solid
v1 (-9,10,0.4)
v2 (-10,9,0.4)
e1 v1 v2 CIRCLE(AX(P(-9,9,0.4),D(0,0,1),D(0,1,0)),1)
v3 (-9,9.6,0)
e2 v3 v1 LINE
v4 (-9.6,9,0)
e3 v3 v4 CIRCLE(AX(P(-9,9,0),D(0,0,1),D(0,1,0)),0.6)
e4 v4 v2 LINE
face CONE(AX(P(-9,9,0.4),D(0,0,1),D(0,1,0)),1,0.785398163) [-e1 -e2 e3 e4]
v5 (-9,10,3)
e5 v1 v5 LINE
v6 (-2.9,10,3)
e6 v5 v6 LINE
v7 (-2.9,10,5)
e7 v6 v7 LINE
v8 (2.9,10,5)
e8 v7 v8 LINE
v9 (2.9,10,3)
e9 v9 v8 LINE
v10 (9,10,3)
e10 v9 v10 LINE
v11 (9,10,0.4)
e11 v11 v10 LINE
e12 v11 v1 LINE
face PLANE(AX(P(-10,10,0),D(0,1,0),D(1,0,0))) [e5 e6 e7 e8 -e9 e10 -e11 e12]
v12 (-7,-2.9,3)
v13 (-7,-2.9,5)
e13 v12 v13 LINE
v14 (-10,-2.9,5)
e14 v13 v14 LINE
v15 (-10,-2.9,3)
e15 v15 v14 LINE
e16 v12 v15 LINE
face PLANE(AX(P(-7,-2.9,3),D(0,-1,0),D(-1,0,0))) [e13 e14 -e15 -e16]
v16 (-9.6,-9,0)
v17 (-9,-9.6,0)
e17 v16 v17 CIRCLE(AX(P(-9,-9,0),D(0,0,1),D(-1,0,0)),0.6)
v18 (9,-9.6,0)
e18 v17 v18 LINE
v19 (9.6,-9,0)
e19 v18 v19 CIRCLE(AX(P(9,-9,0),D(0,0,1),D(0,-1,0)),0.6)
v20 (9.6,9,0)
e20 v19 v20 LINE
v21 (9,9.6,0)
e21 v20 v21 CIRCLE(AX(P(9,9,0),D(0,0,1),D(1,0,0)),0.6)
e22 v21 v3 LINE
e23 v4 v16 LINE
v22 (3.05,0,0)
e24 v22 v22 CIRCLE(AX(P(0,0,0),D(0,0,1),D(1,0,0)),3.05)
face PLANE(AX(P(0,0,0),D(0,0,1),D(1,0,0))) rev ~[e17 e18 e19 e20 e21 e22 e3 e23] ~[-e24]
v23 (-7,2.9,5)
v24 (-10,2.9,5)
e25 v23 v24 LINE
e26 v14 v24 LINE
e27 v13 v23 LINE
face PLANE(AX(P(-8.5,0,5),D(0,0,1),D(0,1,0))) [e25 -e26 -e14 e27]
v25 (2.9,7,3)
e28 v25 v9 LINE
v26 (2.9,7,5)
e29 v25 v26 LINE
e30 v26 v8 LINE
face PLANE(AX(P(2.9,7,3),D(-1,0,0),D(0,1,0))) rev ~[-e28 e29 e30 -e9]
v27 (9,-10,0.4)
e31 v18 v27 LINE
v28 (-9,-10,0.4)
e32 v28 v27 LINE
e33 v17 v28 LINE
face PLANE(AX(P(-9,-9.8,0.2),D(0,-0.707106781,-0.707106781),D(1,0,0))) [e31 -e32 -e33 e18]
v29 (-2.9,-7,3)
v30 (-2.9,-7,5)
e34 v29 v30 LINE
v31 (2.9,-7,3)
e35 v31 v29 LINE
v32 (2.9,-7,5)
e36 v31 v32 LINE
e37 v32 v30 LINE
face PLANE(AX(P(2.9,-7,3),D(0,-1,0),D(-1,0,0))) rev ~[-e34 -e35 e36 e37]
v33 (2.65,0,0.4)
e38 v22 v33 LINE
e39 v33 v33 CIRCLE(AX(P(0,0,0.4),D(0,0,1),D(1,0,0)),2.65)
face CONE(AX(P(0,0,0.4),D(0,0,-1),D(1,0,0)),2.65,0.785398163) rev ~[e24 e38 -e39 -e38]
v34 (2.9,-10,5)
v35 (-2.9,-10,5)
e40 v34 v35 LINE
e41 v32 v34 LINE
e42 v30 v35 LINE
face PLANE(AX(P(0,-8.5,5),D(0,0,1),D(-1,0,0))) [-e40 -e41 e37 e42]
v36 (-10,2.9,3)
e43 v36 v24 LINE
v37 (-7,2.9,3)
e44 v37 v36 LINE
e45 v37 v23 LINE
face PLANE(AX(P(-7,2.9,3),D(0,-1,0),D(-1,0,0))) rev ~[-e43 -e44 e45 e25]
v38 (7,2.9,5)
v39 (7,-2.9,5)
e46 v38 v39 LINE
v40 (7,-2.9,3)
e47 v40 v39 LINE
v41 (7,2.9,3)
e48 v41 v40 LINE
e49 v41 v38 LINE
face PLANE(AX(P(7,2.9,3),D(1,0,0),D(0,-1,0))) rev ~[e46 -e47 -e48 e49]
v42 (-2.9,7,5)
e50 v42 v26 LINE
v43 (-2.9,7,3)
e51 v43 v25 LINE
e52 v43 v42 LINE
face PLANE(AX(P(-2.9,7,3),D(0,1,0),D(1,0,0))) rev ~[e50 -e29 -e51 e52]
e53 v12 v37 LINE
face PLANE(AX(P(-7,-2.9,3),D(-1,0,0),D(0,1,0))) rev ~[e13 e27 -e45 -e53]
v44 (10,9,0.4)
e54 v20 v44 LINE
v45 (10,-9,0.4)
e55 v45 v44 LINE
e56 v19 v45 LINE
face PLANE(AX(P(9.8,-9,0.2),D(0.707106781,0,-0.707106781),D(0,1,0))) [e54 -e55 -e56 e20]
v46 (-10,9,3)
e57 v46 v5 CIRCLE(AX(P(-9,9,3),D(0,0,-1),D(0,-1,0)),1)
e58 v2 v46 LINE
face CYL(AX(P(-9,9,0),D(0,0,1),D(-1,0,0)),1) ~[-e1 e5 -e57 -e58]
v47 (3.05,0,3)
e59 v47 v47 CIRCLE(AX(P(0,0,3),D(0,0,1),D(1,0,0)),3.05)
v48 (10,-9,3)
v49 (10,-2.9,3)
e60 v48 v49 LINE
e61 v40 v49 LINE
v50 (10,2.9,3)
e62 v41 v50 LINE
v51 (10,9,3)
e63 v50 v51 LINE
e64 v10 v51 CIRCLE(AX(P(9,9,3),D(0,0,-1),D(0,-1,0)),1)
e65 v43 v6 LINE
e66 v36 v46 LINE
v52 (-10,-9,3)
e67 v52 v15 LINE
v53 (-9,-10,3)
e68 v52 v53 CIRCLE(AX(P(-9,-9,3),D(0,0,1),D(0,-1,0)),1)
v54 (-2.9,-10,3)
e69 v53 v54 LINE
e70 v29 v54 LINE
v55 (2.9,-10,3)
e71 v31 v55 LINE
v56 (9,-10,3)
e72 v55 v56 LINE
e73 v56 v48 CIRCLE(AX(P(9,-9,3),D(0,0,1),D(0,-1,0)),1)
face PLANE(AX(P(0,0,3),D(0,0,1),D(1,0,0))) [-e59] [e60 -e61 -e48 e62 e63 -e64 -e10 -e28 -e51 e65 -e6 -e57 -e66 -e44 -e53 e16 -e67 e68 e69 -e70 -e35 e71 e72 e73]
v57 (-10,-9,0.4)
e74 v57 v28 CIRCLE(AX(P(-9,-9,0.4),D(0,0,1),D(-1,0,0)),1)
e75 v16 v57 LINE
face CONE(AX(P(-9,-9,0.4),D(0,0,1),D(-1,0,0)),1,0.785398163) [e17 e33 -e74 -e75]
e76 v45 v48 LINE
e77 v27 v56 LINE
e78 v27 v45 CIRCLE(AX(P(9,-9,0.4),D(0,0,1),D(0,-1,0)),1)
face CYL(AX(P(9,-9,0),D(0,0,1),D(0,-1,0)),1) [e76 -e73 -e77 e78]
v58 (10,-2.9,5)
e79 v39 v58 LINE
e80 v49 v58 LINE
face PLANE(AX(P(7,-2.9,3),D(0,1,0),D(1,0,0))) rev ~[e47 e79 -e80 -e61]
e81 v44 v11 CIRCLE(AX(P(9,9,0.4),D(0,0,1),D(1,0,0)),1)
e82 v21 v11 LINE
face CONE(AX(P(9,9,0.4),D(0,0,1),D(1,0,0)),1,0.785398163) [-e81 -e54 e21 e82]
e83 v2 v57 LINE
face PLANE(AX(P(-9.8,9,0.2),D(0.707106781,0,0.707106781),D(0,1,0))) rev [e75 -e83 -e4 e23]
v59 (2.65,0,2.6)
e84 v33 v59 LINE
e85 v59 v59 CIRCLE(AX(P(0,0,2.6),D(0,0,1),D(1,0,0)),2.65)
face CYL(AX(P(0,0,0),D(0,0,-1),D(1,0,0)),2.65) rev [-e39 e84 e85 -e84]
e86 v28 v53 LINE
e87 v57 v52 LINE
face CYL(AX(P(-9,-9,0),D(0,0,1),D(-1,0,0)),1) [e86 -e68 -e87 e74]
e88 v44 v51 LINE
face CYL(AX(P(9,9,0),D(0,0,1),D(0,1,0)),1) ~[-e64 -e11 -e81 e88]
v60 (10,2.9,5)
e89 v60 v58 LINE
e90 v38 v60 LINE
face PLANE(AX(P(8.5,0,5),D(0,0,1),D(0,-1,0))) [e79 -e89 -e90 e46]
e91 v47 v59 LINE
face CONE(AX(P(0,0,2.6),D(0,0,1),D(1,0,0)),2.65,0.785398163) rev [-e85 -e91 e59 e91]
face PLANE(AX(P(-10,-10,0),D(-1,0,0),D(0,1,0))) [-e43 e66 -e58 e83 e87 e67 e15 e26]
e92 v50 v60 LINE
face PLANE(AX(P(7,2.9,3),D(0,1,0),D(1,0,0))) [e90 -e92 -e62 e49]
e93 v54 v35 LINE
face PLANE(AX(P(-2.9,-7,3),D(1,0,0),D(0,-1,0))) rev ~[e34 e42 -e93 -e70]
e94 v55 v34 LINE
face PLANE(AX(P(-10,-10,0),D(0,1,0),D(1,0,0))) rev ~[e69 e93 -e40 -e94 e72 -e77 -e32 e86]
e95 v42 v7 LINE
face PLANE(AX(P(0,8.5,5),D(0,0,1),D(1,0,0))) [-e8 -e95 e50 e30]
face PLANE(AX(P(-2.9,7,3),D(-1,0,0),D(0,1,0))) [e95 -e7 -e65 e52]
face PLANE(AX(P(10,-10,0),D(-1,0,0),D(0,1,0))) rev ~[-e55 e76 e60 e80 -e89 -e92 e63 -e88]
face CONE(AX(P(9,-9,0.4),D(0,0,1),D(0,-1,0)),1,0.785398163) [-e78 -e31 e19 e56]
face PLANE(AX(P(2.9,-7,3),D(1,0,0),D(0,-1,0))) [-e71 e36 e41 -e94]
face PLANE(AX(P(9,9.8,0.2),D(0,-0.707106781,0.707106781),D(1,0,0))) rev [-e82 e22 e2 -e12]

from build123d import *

# Parameters (mm, degrees)
SKETCH007_W           = 20
SKETCH007_H           = 20
SKETCH007_R           = 2.65
PAD004_DEPTH          = 3
SKETCH008_W           = 5.8
SKETCH008_H           = 3
PAD005_DEPTH          = 2
POLARPATTERN001_COUNT = 4
FILLET001_R           = 1
CHAMFER007_SIZE       = 0.4


with BuildPart() as part:
    # Sketch007 → Pad004 (new body)
    with BuildSketch(Plane.XY):
        Rectangle(SKETCH007_W, SKETCH007_H)
        Circle(SKETCH007_R, mode=Mode.SUBTRACT)
    extrude(amount=PAD004_DEPTH)

    # Sketch008 (on Face7 of Pad004) → Pad005 (join)
    with BuildSketch(Plane.XY.offset(3)):
        with Locations((0, 8.5)):
            Rectangle(SKETCH008_W, SKETCH008_H)
    pad005 = extrude(amount=PAD005_DEPTH)

    # PolarPattern001: Pad005 ×4 about axis
    polarpattern001_axis = Axis((0, 0, 3), (0, 0, 1))
    for i in range(1, POLARPATTERN001_COUNT):
        add(pad005.rotate(polarpattern001_axis, i * 360 / POLARPATTERN001_COUNT))

    # Fillet001
    fillet001_edges = [part.edges().sort_by_distance(p)[0] for p in [
        (10, -10, 1.5),
        (10, 10, 1.5),
        (-10, 10, 1.5),
        (-10, -10, 1.5),
    ]]
    fillet(fillet001_edges, radius=FILLET001_R)

    # Chamfer007
    chamfer007_edges = [part.edges().sort_by_distance(p)[0] for p in [
        (10, 0, 0),
        (-2.65, 0, 3),
        (-2.65, 0, 0),
    ]]
    chamfer(chamfer007_edges, length=CHAMFER007_SIZE)


solid = part.part
